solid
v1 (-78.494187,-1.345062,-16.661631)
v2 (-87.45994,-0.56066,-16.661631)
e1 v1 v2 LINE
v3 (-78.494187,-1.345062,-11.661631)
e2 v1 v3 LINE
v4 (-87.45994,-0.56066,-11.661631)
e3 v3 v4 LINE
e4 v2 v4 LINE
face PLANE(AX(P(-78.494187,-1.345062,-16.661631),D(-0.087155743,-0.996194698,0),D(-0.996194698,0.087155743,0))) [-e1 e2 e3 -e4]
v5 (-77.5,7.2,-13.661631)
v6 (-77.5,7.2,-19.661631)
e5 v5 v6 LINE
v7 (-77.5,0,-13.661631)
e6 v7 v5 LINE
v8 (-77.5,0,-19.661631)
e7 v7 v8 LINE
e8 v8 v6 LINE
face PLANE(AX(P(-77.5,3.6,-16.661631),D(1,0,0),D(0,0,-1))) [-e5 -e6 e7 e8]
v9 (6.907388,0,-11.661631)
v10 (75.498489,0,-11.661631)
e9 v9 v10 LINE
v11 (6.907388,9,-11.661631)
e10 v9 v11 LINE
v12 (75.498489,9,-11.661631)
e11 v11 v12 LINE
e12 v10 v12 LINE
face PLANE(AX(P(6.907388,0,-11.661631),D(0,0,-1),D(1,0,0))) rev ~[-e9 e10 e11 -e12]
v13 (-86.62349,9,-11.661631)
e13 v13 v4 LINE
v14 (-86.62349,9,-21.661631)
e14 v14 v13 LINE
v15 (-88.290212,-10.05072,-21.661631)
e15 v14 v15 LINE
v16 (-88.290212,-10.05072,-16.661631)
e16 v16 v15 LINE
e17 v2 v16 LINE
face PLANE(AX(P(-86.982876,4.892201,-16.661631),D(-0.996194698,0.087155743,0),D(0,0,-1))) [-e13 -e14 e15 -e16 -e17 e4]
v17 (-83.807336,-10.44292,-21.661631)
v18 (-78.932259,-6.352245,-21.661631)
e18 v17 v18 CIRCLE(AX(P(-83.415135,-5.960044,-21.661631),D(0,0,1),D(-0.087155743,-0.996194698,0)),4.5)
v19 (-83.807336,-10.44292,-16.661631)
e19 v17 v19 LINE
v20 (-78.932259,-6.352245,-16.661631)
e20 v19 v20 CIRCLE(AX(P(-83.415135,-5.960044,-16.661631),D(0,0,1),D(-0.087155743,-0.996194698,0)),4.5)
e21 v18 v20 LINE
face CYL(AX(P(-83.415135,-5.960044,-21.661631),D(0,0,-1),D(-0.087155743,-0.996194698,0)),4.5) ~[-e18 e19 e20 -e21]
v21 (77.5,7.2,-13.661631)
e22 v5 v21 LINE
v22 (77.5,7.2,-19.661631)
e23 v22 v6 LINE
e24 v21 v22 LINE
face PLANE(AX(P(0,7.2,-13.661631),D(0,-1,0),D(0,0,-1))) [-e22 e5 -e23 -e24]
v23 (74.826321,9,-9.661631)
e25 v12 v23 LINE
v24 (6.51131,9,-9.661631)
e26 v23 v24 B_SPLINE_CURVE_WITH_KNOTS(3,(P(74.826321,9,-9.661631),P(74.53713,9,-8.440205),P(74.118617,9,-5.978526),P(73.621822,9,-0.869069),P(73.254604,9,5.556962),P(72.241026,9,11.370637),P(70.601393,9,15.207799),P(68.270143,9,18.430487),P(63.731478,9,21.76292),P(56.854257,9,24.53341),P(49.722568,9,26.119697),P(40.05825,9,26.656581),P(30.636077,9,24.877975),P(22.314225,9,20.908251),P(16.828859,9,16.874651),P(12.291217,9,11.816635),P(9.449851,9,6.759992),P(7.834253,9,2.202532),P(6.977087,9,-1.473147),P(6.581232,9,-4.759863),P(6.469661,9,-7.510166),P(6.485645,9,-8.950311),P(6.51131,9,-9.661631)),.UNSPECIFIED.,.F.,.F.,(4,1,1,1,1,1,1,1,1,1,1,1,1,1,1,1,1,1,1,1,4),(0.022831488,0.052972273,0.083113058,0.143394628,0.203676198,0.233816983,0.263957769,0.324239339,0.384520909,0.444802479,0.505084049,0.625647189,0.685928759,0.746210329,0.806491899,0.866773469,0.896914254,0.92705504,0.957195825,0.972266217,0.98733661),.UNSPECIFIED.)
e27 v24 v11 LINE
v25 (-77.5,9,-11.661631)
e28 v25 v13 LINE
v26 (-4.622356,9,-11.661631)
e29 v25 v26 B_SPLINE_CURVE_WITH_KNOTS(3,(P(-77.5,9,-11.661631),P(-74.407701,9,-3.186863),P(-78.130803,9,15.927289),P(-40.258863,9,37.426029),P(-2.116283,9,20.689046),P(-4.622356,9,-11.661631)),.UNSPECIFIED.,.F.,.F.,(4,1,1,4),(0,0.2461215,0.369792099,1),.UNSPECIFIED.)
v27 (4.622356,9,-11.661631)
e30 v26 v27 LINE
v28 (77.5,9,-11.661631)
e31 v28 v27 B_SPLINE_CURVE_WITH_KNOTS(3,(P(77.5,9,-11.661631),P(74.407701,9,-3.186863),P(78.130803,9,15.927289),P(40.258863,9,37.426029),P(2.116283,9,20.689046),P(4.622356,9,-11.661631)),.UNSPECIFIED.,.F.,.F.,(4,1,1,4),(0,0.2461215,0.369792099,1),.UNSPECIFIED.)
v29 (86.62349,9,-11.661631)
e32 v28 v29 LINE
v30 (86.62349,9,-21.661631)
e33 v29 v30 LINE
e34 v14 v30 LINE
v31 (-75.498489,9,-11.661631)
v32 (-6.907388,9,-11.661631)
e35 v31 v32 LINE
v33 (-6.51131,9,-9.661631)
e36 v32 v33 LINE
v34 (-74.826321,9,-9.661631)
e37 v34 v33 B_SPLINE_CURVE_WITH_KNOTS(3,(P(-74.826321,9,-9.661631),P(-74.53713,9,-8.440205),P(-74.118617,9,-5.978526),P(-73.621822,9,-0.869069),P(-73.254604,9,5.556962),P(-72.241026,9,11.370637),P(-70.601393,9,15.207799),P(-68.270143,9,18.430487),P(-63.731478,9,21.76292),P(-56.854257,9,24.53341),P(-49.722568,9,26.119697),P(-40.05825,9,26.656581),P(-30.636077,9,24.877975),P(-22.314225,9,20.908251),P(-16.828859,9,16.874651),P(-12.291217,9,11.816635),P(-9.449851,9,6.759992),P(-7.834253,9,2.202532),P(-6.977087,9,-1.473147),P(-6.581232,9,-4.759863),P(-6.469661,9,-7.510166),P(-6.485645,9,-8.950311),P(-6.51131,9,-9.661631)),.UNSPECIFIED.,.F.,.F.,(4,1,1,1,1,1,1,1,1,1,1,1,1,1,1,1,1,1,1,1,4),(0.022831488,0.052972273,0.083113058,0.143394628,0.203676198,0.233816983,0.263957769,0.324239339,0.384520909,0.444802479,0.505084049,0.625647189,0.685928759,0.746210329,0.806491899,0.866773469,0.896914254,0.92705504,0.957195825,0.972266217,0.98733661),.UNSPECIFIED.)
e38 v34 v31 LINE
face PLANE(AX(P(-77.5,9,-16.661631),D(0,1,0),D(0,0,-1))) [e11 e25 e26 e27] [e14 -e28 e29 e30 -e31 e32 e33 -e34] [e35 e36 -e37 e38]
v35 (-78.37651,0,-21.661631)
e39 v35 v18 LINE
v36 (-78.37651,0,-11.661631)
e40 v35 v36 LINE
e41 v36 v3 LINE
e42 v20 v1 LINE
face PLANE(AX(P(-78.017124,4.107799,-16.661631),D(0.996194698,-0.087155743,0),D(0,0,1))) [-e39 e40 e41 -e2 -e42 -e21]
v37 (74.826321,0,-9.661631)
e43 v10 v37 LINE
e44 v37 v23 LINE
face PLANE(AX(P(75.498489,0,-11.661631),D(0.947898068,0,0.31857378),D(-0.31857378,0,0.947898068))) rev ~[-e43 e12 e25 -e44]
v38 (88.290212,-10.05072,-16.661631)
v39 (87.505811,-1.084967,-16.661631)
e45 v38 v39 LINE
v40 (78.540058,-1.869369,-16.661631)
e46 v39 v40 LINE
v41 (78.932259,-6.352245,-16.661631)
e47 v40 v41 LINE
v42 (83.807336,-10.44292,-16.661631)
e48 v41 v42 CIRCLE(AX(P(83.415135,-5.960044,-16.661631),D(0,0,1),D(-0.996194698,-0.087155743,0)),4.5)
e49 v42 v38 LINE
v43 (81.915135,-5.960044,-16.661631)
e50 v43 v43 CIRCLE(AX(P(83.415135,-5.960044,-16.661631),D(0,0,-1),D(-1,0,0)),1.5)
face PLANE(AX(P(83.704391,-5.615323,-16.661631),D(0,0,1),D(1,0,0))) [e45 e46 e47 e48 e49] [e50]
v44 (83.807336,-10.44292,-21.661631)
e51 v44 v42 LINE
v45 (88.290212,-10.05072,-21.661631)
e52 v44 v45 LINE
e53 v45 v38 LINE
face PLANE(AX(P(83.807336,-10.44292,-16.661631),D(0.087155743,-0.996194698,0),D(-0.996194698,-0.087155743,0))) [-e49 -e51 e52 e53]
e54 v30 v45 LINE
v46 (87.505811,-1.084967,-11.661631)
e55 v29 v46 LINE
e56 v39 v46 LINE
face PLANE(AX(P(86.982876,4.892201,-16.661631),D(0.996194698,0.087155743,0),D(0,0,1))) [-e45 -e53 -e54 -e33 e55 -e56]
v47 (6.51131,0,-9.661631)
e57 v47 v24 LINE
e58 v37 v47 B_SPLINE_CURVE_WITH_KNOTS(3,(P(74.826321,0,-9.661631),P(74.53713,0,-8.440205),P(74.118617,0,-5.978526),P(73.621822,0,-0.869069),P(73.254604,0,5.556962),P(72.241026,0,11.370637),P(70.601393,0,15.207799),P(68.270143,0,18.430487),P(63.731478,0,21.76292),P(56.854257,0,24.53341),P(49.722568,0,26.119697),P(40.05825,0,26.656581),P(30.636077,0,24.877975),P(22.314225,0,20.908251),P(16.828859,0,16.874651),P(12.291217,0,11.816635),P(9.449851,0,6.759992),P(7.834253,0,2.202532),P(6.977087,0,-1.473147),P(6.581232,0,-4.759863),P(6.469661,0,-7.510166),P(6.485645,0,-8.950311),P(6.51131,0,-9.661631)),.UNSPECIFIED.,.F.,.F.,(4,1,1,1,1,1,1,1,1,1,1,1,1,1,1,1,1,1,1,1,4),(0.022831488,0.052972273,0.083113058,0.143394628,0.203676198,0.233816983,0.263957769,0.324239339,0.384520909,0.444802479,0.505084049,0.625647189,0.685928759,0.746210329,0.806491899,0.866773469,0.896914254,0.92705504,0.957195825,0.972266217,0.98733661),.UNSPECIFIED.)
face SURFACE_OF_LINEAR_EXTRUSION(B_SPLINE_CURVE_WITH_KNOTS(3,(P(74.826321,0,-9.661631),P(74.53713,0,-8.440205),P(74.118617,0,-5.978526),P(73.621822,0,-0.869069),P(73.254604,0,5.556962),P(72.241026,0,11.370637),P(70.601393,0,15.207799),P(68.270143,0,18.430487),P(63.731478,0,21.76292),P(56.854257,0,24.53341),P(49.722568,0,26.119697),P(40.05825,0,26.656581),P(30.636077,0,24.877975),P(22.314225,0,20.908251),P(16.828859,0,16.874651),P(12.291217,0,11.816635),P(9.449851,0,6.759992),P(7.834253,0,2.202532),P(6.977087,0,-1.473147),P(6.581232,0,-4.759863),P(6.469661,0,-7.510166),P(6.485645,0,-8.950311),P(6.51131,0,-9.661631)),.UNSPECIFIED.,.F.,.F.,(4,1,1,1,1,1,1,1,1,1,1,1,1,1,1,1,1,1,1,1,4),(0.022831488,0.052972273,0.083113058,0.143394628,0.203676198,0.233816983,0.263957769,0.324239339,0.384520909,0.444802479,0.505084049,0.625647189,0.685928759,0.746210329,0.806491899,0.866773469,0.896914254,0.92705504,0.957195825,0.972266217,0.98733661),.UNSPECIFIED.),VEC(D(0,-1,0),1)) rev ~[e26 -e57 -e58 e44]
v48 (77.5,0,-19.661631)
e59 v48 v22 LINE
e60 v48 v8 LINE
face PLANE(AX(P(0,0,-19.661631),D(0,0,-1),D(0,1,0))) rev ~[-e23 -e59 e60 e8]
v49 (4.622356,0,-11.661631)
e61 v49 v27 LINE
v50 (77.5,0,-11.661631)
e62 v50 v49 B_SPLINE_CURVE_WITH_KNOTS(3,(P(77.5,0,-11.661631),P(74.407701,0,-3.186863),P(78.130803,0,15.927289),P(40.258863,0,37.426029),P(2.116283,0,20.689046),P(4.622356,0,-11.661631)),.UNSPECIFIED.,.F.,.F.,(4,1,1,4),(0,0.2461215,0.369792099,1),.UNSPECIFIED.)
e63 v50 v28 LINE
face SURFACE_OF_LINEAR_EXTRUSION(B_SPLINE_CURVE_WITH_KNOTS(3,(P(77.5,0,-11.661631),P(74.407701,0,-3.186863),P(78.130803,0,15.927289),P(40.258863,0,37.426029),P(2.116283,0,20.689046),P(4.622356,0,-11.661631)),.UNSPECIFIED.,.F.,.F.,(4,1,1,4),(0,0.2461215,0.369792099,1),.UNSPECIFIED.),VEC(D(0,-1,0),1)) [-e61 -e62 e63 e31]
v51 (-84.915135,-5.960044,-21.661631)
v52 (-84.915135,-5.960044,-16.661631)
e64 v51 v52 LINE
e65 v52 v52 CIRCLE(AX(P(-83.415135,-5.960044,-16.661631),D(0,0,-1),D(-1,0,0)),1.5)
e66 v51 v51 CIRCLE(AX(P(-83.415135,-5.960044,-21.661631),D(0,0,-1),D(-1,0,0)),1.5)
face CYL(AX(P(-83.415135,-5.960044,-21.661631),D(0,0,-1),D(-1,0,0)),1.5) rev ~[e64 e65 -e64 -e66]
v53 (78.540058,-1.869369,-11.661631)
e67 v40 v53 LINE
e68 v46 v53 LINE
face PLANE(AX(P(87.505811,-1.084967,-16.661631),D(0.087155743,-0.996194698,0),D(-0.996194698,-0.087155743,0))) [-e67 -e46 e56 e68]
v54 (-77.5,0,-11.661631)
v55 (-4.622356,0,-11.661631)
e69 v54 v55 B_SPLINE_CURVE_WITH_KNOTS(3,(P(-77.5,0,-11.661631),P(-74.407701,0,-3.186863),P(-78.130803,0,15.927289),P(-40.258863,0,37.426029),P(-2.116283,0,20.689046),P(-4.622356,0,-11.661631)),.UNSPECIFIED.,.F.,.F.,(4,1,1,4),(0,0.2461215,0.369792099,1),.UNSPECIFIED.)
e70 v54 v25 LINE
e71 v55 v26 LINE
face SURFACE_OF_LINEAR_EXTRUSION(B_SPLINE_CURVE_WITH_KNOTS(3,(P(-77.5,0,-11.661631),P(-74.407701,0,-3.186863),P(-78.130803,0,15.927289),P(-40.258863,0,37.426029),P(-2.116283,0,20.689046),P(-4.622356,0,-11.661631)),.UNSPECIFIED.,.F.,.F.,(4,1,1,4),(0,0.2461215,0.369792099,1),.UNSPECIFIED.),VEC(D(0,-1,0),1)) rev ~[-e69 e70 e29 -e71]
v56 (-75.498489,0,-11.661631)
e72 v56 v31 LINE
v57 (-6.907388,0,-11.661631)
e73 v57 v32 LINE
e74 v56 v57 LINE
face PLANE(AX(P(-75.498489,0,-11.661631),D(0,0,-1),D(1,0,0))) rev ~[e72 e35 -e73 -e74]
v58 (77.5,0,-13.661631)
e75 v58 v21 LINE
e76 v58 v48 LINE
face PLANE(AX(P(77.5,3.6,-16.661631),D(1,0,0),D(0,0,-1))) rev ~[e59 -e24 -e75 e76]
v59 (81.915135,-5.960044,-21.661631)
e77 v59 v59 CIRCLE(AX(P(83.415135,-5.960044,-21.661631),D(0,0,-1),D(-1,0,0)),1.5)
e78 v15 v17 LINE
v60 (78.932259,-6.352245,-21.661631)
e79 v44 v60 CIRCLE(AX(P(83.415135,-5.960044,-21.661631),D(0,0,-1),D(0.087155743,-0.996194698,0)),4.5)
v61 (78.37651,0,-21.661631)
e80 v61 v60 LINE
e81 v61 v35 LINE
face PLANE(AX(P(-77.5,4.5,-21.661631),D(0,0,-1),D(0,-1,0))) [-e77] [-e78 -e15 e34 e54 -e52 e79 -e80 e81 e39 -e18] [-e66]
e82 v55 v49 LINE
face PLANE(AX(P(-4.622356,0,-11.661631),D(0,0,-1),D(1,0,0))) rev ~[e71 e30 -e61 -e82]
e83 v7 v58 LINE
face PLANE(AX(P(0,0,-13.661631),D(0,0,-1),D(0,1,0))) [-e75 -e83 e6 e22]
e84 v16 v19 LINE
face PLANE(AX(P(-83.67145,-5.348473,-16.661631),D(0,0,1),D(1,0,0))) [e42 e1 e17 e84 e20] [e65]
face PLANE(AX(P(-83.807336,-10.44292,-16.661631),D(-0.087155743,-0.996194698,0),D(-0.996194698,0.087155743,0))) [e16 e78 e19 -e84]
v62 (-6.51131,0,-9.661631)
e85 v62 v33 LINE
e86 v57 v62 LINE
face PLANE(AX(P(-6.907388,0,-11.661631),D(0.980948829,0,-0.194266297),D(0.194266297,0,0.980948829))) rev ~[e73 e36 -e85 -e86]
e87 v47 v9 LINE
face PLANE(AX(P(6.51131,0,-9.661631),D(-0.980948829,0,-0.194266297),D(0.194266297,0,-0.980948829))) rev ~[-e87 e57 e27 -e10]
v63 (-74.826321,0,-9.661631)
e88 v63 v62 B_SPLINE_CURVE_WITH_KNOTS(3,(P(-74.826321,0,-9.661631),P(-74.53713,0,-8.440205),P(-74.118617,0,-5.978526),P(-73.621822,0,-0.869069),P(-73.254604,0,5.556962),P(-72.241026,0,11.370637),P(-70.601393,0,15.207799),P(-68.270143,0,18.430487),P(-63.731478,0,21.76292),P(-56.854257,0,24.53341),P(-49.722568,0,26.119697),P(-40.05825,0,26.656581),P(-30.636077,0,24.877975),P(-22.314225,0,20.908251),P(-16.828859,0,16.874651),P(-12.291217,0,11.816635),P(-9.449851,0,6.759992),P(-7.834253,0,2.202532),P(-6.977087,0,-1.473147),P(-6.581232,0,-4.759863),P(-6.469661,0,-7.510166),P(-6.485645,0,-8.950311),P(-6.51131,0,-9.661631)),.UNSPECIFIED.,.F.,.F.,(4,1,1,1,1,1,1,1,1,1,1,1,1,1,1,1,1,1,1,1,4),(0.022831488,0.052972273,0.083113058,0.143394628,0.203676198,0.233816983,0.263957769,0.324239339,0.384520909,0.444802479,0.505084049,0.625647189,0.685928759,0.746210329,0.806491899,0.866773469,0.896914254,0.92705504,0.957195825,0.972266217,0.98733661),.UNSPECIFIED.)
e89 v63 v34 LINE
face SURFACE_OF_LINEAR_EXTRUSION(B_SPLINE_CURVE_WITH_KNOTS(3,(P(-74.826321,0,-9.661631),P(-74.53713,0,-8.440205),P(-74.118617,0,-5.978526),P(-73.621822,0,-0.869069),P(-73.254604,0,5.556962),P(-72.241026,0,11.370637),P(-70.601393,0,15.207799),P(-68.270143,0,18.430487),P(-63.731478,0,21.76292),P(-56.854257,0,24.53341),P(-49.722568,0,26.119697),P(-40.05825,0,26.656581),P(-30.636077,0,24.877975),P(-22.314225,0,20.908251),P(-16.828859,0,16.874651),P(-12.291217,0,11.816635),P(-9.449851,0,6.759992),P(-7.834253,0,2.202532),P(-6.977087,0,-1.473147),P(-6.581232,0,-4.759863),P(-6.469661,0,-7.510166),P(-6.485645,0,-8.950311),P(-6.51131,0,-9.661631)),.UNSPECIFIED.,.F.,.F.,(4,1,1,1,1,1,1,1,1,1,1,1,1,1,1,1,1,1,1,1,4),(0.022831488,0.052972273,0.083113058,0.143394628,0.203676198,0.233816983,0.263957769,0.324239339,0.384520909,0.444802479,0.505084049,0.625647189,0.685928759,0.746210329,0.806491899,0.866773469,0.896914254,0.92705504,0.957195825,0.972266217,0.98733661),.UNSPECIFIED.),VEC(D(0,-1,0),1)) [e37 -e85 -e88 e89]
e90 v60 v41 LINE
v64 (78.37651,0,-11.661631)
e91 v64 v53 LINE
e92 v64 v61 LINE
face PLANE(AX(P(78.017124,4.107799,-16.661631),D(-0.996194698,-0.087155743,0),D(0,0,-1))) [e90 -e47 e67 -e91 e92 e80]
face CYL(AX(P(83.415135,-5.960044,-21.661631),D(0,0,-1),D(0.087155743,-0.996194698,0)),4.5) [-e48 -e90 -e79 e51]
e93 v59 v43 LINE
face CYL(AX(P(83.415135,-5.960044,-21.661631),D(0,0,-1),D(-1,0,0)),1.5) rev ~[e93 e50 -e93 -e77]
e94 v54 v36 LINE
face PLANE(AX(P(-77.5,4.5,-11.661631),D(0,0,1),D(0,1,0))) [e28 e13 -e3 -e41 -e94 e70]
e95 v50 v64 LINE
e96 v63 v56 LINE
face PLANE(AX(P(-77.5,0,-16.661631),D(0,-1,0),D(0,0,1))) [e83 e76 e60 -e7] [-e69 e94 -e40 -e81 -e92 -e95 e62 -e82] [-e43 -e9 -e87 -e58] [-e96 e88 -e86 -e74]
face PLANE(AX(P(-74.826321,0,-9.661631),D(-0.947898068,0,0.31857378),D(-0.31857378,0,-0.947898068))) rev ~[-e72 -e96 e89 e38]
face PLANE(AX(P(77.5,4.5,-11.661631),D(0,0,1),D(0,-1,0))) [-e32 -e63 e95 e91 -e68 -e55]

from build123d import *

# Parameters (mm, degrees)
FRAME_DEPTH            = 9
SKETCH_1035_W          = 10
SKETCH_1035_H          = 9
CONNECTION_2_DEPTH     = 103.044080854
SKETCH_23_W            = 10
SKETCH_23_H            = 9
SKETCH_24_R            = 1.5
AND_CONNECTION_DEPTH   = 103.044080854
SKETCH_25_W            = 6
SKETCH_25_H            = 7.2
CUT_EXTRUDE_2672_DEPTH = 77.5
SKETCH_25_2_W          = 6
SKETCH_25_2_H          = 7.2
CUT_EXTRUDE_2725_DEPTH = 77.5
SKETCH_1600_R          = 1.5
CUT_EXTRUDE_3038_DEPTH = 103.004936699
CONNECTION_4_DEPTH     = 5
CUT_EXTRUDE_4_DEPTH    = 5


with BuildPart() as part:
    # 草图1 → frame (new body)
    with BuildSketch(Plane(origin=(0, 0, 0), x_dir=(1, 0, 0), z_dir=(0, 1, 0))):
        with BuildLine():
            Line((77.5, 21.66163142), (-77.5, 21.66163142))
            Line((-77.5, 21.66163142), (-77.5, 11.66163142))
            add(Edge.make_bspline(
                [(-77.5, 11.66163142), (-74.407700798, 3.186863233), (-78.13080327, -15.927288699), (-40.25886312, -37.426028597), (-2.116282918, -20.689046368), (-4.622356495, 11.66163142)],
                knots=[0, 0, 0, 0, 0.2461215, 0.369792099, 1, 1, 1, 1], degree=3))
            Line((-4.622356495, 11.66163142), (4.622356495, 11.66163142))
            add(Edge.make_bspline(
                [(77.5, 11.66163142), (74.407700798, 3.186863233), (78.13080327, -15.927288699), (40.25886312, -37.426028597), (2.116282918, -20.689046368), (4.622356495, 11.66163142)],
                knots=[0, 0, 0, 0, 0.2461215, 0.369792099, 1, 1, 1, 1], degree=3))
            Line((77.5, 11.66163142), (77.5, 21.66163142))
        make_face()
        with BuildLine():
            Line((6.907388487, 11.66163142), (75.498489426, 11.66163142))
            Line((75.498489426, 11.66163142), (74.826320569, 9.66163142))
            add(Edge.make_bspline(
                [(74.826320569, 9.66163142), (74.537129512, 8.440205397), (74.118616889, 5.97852646), (73.621822389, 0.86906895), (73.254603503, -5.556962308), (72.241025744, -11.370637322), (70.601393479, -15.207799235), (68.270143007, -18.43048657), (63.731478169, -21.762919869), (56.85425746, -24.533410045), (49.722568077, -26.119696622), (40.058249914, -26.656581209), (30.63607695, -24.877975202), (22.314225365, -20.908251341), (16.828859323, -16.874650673), (12.291217041, -11.816635216), (9.449850549, -6.759991518), (7.834253455, -2.202532167), (6.977086921, 1.473147324), (6.581231794, 4.759863142), (6.469661343, 7.510165764), (6.485645336, 8.950311376), (6.511310136, 9.66163142)],
                knots=[0.022831488, 0.022831488, 0.022831488, 0.022831488, 0.052972273, 0.083113058, 0.143394628, 0.203676198, 0.233816983, 0.263957769, 0.324239339, 0.384520909, 0.444802479, 0.505084049, 0.625647189, 0.685928759, 0.746210329, 0.806491899, 0.866773469, 0.896914254, 0.92705504, 0.957195825, 0.972266217, 0.98733661, 0.98733661, 0.98733661, 0.98733661], degree=3))
            Line((6.511310136, 9.66163142), (6.907388487, 11.66163142))
        make_face(mode=Mode.SUBTRACT)
        with BuildLine():
            Line((-75.498489426, 11.66163142), (-6.907388487, 11.66163142))
            Line((-6.907388487, 11.66163142), (-6.511310136, 9.66163142))
            add(Edge.make_bspline(
                [(-74.826320569, 9.66163142), (-74.537129512, 8.440205397), (-74.118616889, 5.97852646), (-73.621822389, 0.86906895), (-73.254603503, -5.556962308), (-72.241025744, -11.370637322), (-70.601393479, -15.207799235), (-68.270143007, -18.43048657), (-63.731478169, -21.762919869), (-56.85425746, -24.533410045), (-49.722568077, -26.119696622), (-40.058249914, -26.656581209), (-30.63607695, -24.877975202), (-22.314225365, -20.908251341), (-16.828859323, -16.874650673), (-12.291217041, -11.816635216), (-9.449850549, -6.759991518), (-7.834253455, -2.202532167), (-6.977086921, 1.473147324), (-6.581231794, 4.759863142), (-6.469661343, 7.510165764), (-6.485645336, 8.950311376), (-6.511310136, 9.66163142)],
                knots=[0.022831488, 0.022831488, 0.022831488, 0.022831488, 0.052972273, 0.083113058, 0.143394628, 0.203676198, 0.233816983, 0.263957769, 0.324239339, 0.384520909, 0.444802479, 0.505084049, 0.625647189, 0.685928759, 0.746210329, 0.806491899, 0.866773469, 0.896914254, 0.92705504, 0.957195825, 0.972266217, 0.98733661, 0.98733661, 0.98733661, 0.98733661], degree=3))
            Line((-74.826320569, 9.66163142), (-75.498489426, 11.66163142))
        make_face(mode=Mode.SUBTRACT)
    extrude(amount=FRAME_DEPTH)

    # connection: sweep along a path in Sketch 1207
    with BuildLine(Plane(origin=(0, 0, -16.66163142), x_dir=(-1, 0, 0), z_dir=(0, 0, -1))) as connection_path:
        Line((-77.5, 4.5), (-82.5, 4.5))
        Line((-82.5, 4.5), (-83.807336141, -10.442920471))
    # Sketch 1035 → connection (sweep)
    with BuildSketch(Plane(origin=(77.5, 0, 0), x_dir=(0, 0, -1), z_dir=(1, 0, 0))):
        with Locations((16.66163142, 4.5)):
            Rectangle(SKETCH_1035_W, SKETCH_1035_H)
    sweep(path=connection_path.line, transition=Transition.RIGHT)

    # 草图20 → connection 2 (cut, through all)
    with BuildSketch(Plane(origin=(0, 0, -21.66163142), x_dir=(-1, 0, 0), z_dir=(0, 0, -1))):
        with BuildLine():
            Line((-79.32446, -10.835121314), (-83.807336141, -10.442920471))
            ThreePointArc((-83.807336141, -10.442920471), (-80.522591055, -9.407244324), (-78.932259157, -6.352245172))
            Line((-78.932259157, -6.352245172), (-79.32446, -10.835121314))
        make_face()
    extrude(amount=-CONNECTION_2_DEPTH, mode=Mode.SUBTRACT)

    # connection 3: sweep along a path in 草图22
    with BuildLine(Plane(origin=(0, 0, -16.66163142), x_dir=(-1, 0, 0), z_dir=(0, 0, -1))) as connection_3_path:
        Line((77.5, 4.5), (82.5, 4.5))
        Line((82.5, 4.5), (83.807336141, -10.442920471))
    # 草图23 → connection 3 (sweep)
    with BuildSketch(Plane.ZY.offset(77.5)):
        with Locations((-16.66163142, 4.5)):
            Rectangle(SKETCH_23_W, SKETCH_23_H)
    sweep(path=connection_3_path.line, transition=Transition.RIGHT)

    # 草图24 → 右侧孔and_connection圆角化 (cut, through all)
    with BuildSketch(Plane(origin=(0, 0, -21.66163142), x_dir=(-1, 0, 0), z_dir=(0, 0, -1))):
        with Locations((83.415135299, -5.96004433)):
            Circle(SKETCH_24_R)
        with BuildLine():
            Line((79.32446, -10.835121314), (83.807336141, -10.442920471))
            ThreePointArc((83.807336141, -10.442920471), (80.522591055, -9.407244324), (78.932259157, -6.352245172))
            Line((78.932259157, -6.352245172), (79.32446, -10.835121314))
        make_face()
    extrude(amount=-AND_CONNECTION_DEPTH, mode=Mode.SUBTRACT)

    # 草图25 → Cut-Extrude 2672 (cut)
    with BuildSketch(Plane(origin=(0, 0, 0), x_dir=(0, 0, -1), z_dir=(1, 0, 0))):
        with Locations((16.66163142, 3.6)):
            Rectangle(SKETCH_25_W, SKETCH_25_H)
    extrude(amount=-CUT_EXTRUDE_2672_DEPTH, mode=Mode.SUBTRACT)

    # 草图25<2> → Cut-Extrude 2725 (cut)
    with BuildSketch(Plane(origin=(0, 0, 0), x_dir=(0, 0, -1), z_dir=(1, 0, 0))):
        with Locations((16.66163142, 3.6)):
            Rectangle(SKETCH_25_2_W, SKETCH_25_2_H)
    extrude(amount=CUT_EXTRUDE_2725_DEPTH, mode=Mode.SUBTRACT)

    # Sketch 1600 → Cut-Extrude 3038 (cut, through all)
    with BuildSketch(Plane(origin=(0, 0, -21.66163142), x_dir=(-1, 0, 0), z_dir=(0, 0, -1))):
        with Locations((-83.415135299, -5.96004433)):
            Circle(SKETCH_1600_R)
    extrude(amount=-CUT_EXTRUDE_3038_DEPTH, mode=Mode.SUBTRACT)

    # 草图27 → connection 4 (cut)
    with BuildSketch(Plane(origin=(0, 0, -16.66163142), x_dir=(-1, 0, 0), z_dir=(0, 0, -1))):
        with BuildLine():
            Line((-87.505810598, -1.084967346), (-78.540058315, -1.869369031))
            Line((-78.540058315, -1.869369031), (-78.932259157, -6.352245172))
            ThreePointArc((-78.932259157, -6.352245172), (-80.522591055, -9.407244324), (-83.807336141, -10.442920471))
            Line((-83.807336141, -10.442920471), (-88.290212283, -10.050719629))
            Line((-88.290212283, -10.050719629), (-87.505810598, -1.084967346))
        make_face()
    extrude(amount=-CONNECTION_4_DEPTH, mode=Mode.SUBTRACT)

    # 草图30 → 切除-拉伸4 (cut)
    with BuildSketch(Plane(origin=(0, 0, -16.66163142), x_dir=(-1, 0, 0), z_dir=(0, 0, -1))):
        with BuildLine():
            Line((88.290212283, -10.050719629), (83.807336141, -10.442920471))
            ThreePointArc((83.807336141, -10.442920471), (80.522591055, -9.407244324), (78.932259157, -6.352245172))
            Line((78.932259157, -6.352245172), (78.494187368, -1.345061709))
            Line((78.494187368, -1.345061709), (87.459939651, -0.560660024))
            Line((87.459939651, -0.560660024), (88.290212283, -10.050719629))
        make_face()
    extrude(amount=-CUT_EXTRUDE_4_DEPTH, mode=Mode.SUBTRACT)


solid = part.part
